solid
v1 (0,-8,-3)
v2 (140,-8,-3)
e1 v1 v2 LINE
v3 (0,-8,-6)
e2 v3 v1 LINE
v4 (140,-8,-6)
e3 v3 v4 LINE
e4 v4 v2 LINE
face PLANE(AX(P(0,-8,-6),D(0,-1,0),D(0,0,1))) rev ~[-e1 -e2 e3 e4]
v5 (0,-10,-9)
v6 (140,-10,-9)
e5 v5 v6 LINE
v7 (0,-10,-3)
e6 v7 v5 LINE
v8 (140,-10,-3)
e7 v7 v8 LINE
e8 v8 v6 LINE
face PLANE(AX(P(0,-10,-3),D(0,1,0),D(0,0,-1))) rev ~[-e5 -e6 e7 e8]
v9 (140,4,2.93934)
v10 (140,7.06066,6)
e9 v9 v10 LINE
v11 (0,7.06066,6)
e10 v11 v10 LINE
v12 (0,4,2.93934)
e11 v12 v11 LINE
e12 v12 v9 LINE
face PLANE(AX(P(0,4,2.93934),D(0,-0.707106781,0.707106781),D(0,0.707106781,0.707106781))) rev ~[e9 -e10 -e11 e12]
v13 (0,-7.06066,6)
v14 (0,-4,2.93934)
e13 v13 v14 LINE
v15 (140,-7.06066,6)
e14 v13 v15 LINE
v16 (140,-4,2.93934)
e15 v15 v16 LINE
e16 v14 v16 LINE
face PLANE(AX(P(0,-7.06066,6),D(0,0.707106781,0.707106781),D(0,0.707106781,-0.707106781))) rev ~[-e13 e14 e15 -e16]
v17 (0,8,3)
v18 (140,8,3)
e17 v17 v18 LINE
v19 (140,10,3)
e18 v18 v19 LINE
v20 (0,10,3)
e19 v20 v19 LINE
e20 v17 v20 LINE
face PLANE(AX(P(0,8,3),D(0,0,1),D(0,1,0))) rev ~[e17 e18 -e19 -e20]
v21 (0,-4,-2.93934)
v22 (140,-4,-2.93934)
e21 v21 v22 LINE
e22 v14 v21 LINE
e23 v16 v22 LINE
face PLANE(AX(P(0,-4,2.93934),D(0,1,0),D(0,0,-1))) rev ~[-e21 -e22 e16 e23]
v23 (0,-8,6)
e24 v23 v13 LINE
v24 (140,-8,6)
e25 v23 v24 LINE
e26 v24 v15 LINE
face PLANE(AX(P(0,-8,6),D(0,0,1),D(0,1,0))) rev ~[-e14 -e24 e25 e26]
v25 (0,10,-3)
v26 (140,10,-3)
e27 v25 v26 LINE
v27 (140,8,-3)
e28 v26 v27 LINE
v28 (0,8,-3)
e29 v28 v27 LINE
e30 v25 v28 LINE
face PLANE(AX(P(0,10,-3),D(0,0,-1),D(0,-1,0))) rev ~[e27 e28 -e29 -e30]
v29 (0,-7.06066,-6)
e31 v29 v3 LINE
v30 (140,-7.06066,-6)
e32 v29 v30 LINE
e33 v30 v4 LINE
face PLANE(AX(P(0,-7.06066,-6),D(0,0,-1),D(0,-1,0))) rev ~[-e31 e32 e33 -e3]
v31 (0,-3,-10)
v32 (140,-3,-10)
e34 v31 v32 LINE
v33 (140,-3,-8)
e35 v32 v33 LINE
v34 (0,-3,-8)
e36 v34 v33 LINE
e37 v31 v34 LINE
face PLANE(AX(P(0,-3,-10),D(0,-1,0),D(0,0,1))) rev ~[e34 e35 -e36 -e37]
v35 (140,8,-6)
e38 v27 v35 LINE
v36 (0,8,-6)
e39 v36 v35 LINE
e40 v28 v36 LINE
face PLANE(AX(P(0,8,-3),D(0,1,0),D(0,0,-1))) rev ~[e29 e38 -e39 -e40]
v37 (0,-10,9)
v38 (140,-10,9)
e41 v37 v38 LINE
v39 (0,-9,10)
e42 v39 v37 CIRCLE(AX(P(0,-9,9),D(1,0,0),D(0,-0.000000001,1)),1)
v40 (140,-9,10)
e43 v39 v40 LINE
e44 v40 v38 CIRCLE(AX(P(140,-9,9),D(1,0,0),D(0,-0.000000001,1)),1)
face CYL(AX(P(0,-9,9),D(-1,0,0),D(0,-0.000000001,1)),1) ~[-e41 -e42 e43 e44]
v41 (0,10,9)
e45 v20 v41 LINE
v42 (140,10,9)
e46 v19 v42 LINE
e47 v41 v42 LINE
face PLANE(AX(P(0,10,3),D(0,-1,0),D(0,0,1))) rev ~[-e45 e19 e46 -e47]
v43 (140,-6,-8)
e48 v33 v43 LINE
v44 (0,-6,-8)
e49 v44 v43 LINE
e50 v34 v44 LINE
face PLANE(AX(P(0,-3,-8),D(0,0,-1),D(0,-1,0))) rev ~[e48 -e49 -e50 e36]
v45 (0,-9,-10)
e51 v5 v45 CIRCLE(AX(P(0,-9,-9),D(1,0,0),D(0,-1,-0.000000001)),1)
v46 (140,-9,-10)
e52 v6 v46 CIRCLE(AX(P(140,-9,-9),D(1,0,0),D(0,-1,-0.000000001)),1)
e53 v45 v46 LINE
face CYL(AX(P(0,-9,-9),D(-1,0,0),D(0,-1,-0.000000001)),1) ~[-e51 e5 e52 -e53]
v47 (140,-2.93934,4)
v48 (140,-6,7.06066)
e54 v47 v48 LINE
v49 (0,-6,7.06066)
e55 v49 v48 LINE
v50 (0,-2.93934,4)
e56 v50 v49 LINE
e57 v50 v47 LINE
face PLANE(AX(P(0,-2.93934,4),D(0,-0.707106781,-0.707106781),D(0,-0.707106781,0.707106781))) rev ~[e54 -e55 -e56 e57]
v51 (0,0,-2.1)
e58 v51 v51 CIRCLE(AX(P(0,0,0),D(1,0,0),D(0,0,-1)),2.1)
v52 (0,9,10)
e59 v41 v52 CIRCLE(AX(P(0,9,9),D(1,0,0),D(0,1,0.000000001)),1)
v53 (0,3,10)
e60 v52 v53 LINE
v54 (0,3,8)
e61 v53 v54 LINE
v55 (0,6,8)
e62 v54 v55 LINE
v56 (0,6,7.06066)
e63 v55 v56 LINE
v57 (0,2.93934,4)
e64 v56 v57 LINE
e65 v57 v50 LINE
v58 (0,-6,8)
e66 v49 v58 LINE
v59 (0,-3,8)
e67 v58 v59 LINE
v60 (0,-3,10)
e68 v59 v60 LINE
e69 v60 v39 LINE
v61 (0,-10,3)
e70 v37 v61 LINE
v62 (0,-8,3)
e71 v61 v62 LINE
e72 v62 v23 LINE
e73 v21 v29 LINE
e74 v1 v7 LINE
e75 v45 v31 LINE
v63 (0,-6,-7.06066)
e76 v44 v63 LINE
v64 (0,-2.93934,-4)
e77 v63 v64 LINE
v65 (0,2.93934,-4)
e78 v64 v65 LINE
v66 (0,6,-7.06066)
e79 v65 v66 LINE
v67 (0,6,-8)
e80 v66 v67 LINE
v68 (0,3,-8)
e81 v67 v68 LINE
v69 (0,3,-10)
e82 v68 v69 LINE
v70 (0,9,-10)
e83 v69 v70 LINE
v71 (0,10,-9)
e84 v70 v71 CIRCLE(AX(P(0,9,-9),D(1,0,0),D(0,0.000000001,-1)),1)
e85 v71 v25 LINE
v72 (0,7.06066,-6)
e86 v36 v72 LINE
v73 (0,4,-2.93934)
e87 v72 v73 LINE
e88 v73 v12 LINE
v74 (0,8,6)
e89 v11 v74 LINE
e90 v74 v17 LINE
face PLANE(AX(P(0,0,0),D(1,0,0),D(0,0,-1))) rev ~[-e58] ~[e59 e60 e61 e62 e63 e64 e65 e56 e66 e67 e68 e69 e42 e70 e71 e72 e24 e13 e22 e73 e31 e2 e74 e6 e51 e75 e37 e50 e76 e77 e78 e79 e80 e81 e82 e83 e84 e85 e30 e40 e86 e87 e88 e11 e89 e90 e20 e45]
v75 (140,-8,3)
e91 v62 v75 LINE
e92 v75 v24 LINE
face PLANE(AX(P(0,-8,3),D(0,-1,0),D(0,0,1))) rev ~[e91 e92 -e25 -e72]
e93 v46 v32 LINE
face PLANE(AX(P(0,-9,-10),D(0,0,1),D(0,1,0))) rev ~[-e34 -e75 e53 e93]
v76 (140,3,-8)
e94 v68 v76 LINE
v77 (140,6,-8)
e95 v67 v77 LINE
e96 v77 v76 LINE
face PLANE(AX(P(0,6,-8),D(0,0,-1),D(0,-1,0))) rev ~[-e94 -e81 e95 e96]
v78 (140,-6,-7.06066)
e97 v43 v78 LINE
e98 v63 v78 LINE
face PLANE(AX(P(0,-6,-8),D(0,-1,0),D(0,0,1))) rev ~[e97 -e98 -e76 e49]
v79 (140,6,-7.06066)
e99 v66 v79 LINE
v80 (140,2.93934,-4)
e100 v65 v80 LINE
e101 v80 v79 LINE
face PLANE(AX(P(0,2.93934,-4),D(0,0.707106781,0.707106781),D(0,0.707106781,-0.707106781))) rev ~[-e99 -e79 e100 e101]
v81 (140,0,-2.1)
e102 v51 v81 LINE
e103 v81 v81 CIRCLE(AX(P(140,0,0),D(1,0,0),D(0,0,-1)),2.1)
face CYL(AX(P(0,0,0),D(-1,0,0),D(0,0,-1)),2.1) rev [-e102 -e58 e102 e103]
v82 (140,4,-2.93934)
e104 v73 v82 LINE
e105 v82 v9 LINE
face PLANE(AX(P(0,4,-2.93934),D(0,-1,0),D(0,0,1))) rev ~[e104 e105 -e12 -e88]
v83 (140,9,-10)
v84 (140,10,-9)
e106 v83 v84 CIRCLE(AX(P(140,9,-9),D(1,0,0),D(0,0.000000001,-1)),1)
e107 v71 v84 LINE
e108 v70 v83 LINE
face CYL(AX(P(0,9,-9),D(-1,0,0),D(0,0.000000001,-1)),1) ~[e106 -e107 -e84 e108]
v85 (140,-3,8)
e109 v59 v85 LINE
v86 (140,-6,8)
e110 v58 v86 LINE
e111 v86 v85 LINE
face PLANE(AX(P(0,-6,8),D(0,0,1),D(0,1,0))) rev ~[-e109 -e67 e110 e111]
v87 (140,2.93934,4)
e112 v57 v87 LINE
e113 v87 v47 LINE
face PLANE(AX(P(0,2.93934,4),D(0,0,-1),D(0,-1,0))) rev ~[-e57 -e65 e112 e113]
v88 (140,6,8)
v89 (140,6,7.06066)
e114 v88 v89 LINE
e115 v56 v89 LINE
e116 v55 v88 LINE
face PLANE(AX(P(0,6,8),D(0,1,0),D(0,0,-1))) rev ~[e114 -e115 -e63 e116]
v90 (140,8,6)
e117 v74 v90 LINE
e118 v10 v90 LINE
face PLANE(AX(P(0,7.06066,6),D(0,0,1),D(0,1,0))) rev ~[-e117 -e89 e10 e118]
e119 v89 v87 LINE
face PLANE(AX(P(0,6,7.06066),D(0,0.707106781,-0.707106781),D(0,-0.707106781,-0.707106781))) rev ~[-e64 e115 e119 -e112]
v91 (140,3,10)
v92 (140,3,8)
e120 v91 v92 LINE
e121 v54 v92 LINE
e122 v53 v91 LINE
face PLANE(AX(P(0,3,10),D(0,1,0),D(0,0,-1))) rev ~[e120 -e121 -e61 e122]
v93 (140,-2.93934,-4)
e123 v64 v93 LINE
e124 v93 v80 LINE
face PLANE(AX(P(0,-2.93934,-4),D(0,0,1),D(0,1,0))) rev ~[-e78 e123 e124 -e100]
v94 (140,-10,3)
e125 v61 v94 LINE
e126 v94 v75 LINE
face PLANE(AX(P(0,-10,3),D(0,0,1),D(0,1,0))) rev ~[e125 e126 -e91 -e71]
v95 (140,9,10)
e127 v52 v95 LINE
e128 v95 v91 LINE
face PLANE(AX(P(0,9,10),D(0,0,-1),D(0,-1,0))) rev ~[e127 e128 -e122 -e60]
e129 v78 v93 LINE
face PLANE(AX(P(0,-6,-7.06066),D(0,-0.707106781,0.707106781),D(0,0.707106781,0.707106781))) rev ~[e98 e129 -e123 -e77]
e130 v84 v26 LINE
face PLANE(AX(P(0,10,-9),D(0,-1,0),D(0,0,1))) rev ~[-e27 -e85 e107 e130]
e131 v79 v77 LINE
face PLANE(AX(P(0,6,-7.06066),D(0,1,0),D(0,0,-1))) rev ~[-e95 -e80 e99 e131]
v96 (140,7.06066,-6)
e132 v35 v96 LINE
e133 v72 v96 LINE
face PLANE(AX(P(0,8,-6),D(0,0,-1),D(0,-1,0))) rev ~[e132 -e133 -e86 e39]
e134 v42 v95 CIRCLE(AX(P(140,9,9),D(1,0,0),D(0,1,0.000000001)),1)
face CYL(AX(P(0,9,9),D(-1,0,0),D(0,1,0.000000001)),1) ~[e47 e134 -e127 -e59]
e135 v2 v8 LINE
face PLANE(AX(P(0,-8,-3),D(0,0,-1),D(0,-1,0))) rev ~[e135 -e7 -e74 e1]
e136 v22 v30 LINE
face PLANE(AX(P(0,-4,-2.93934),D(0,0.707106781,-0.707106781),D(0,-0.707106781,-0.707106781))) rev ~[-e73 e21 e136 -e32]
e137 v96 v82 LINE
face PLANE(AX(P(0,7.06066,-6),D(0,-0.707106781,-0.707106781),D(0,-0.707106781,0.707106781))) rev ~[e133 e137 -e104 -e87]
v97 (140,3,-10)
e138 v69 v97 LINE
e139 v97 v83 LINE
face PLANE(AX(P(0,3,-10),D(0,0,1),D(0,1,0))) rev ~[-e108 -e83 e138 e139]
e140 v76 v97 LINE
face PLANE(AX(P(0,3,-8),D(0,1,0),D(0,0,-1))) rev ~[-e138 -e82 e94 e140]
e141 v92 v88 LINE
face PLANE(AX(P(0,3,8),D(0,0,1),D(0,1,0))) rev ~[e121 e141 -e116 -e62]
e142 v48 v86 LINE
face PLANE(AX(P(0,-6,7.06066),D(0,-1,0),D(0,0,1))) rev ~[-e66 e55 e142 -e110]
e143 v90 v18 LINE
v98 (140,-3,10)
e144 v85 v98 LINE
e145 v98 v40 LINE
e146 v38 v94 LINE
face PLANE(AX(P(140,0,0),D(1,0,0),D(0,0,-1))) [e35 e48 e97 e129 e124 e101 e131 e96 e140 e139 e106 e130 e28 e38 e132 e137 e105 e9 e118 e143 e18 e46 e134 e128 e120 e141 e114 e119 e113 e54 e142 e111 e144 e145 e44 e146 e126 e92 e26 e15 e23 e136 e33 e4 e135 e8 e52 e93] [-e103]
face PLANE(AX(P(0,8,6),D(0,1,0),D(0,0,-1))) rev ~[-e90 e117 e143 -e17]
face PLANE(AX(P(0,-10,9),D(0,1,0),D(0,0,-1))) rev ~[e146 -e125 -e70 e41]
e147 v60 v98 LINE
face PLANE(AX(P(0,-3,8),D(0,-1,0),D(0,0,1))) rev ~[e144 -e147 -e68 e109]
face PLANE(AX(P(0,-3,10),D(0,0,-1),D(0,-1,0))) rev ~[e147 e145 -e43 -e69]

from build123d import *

# Parameters (mm, degrees)
SKETCH1_R           = 2.1
BOSS_EXTRUDE1_DEPTH = 140


with BuildPart() as part:
    # Sketch1 → Boss-Extrude1 (new body)
    with BuildSketch(Plane(origin=(0, 0, 0), x_dir=(0, 0, -1), z_dir=(1, 0, 0))):
        with BuildLine():
            Line((-10, 9), (-10, 3))
            Line((-10, 3), (-8, 3))
            Line((-8, 3), (-8, 6))
            Line((-8, 6), (-7.060660172, 6))
            Line((-7.060660172, 6), (-4, 2.939339828))
            Line((-4, 2.939339828), (-4, -2.939339828))
            Line((-4, -2.939339828), (-7.060660172, -6))
            Line((-7.060660172, -6), (-8, -6))
            Line((-8, -6), (-8, -3))
            Line((-8, -3), (-10, -3))
            Line((-10, -3), (-10, -9))
            ThreePointArc((-10, -9), (-9.707106781, -9.707106781), (-9, -10))
            Line((-9, -10), (-3, -10))
            Line((-3, -10), (-3, -8))
            Line((-3, -8), (-6, -8))
            Line((-6, -8), (-6, -7.060660172))
            Line((-6, -7.060660172), (-2.939339828, -4))
            Line((-2.939339828, -4), (2.939339828, -4))
            Line((2.939339828, -4), (6, -7.060660172))
            Line((6, -7.060660172), (6, -8))
            Line((6, -8), (3, -8))
            Line((3, -8), (3, -10))
            Line((3, -10), (9, -10))
            ThreePointArc((9, -10), (9.707106781, -9.707106781), (10, -9))
            Line((10, -9), (10, -3))
            Line((10, -3), (8, -3))
            Line((8, -3), (8, -6))
            Line((8, -6), (7.060660172, -6))
            Line((7.060660172, -6), (4, -2.939339828))
            Line((4, -2.939339828), (4, 2.939339828))
            Line((4, 2.939339828), (7.060660172, 6))
            Line((7.060660172, 6), (8, 6))
            Line((8, 6), (8, 3))
            Line((8, 3), (10, 3))
            Line((10, 3), (10, 9))
            ThreePointArc((10, 9), (9.707106781, 9.707106781), (9, 10))
            Line((9, 10), (3, 10))
            Line((3, 10), (3, 8))
            Line((3, 8), (6, 8))
            Line((6, 8), (6, 7.060660172))
            Line((6, 7.060660172), (2.939339828, 4))
            Line((2.939339828, 4), (-2.939339828, 4))
            Line((-2.939339828, 4), (-6, 7.060660172))
            Line((-6, 7.060660172), (-6, 8))
            Line((-6, 8), (-3, 8))
            Line((-3, 8), (-3, 10))
            Line((-3, 10), (-9, 10))
            ThreePointArc((-9, 10), (-9.707106781, 9.707106781), (-10, 9))
        make_face()
        Circle(SKETCH1_R, mode=Mode.SUBTRACT)
    extrude(amount=BOSS_EXTRUDE1_DEPTH)


solid = part.part
